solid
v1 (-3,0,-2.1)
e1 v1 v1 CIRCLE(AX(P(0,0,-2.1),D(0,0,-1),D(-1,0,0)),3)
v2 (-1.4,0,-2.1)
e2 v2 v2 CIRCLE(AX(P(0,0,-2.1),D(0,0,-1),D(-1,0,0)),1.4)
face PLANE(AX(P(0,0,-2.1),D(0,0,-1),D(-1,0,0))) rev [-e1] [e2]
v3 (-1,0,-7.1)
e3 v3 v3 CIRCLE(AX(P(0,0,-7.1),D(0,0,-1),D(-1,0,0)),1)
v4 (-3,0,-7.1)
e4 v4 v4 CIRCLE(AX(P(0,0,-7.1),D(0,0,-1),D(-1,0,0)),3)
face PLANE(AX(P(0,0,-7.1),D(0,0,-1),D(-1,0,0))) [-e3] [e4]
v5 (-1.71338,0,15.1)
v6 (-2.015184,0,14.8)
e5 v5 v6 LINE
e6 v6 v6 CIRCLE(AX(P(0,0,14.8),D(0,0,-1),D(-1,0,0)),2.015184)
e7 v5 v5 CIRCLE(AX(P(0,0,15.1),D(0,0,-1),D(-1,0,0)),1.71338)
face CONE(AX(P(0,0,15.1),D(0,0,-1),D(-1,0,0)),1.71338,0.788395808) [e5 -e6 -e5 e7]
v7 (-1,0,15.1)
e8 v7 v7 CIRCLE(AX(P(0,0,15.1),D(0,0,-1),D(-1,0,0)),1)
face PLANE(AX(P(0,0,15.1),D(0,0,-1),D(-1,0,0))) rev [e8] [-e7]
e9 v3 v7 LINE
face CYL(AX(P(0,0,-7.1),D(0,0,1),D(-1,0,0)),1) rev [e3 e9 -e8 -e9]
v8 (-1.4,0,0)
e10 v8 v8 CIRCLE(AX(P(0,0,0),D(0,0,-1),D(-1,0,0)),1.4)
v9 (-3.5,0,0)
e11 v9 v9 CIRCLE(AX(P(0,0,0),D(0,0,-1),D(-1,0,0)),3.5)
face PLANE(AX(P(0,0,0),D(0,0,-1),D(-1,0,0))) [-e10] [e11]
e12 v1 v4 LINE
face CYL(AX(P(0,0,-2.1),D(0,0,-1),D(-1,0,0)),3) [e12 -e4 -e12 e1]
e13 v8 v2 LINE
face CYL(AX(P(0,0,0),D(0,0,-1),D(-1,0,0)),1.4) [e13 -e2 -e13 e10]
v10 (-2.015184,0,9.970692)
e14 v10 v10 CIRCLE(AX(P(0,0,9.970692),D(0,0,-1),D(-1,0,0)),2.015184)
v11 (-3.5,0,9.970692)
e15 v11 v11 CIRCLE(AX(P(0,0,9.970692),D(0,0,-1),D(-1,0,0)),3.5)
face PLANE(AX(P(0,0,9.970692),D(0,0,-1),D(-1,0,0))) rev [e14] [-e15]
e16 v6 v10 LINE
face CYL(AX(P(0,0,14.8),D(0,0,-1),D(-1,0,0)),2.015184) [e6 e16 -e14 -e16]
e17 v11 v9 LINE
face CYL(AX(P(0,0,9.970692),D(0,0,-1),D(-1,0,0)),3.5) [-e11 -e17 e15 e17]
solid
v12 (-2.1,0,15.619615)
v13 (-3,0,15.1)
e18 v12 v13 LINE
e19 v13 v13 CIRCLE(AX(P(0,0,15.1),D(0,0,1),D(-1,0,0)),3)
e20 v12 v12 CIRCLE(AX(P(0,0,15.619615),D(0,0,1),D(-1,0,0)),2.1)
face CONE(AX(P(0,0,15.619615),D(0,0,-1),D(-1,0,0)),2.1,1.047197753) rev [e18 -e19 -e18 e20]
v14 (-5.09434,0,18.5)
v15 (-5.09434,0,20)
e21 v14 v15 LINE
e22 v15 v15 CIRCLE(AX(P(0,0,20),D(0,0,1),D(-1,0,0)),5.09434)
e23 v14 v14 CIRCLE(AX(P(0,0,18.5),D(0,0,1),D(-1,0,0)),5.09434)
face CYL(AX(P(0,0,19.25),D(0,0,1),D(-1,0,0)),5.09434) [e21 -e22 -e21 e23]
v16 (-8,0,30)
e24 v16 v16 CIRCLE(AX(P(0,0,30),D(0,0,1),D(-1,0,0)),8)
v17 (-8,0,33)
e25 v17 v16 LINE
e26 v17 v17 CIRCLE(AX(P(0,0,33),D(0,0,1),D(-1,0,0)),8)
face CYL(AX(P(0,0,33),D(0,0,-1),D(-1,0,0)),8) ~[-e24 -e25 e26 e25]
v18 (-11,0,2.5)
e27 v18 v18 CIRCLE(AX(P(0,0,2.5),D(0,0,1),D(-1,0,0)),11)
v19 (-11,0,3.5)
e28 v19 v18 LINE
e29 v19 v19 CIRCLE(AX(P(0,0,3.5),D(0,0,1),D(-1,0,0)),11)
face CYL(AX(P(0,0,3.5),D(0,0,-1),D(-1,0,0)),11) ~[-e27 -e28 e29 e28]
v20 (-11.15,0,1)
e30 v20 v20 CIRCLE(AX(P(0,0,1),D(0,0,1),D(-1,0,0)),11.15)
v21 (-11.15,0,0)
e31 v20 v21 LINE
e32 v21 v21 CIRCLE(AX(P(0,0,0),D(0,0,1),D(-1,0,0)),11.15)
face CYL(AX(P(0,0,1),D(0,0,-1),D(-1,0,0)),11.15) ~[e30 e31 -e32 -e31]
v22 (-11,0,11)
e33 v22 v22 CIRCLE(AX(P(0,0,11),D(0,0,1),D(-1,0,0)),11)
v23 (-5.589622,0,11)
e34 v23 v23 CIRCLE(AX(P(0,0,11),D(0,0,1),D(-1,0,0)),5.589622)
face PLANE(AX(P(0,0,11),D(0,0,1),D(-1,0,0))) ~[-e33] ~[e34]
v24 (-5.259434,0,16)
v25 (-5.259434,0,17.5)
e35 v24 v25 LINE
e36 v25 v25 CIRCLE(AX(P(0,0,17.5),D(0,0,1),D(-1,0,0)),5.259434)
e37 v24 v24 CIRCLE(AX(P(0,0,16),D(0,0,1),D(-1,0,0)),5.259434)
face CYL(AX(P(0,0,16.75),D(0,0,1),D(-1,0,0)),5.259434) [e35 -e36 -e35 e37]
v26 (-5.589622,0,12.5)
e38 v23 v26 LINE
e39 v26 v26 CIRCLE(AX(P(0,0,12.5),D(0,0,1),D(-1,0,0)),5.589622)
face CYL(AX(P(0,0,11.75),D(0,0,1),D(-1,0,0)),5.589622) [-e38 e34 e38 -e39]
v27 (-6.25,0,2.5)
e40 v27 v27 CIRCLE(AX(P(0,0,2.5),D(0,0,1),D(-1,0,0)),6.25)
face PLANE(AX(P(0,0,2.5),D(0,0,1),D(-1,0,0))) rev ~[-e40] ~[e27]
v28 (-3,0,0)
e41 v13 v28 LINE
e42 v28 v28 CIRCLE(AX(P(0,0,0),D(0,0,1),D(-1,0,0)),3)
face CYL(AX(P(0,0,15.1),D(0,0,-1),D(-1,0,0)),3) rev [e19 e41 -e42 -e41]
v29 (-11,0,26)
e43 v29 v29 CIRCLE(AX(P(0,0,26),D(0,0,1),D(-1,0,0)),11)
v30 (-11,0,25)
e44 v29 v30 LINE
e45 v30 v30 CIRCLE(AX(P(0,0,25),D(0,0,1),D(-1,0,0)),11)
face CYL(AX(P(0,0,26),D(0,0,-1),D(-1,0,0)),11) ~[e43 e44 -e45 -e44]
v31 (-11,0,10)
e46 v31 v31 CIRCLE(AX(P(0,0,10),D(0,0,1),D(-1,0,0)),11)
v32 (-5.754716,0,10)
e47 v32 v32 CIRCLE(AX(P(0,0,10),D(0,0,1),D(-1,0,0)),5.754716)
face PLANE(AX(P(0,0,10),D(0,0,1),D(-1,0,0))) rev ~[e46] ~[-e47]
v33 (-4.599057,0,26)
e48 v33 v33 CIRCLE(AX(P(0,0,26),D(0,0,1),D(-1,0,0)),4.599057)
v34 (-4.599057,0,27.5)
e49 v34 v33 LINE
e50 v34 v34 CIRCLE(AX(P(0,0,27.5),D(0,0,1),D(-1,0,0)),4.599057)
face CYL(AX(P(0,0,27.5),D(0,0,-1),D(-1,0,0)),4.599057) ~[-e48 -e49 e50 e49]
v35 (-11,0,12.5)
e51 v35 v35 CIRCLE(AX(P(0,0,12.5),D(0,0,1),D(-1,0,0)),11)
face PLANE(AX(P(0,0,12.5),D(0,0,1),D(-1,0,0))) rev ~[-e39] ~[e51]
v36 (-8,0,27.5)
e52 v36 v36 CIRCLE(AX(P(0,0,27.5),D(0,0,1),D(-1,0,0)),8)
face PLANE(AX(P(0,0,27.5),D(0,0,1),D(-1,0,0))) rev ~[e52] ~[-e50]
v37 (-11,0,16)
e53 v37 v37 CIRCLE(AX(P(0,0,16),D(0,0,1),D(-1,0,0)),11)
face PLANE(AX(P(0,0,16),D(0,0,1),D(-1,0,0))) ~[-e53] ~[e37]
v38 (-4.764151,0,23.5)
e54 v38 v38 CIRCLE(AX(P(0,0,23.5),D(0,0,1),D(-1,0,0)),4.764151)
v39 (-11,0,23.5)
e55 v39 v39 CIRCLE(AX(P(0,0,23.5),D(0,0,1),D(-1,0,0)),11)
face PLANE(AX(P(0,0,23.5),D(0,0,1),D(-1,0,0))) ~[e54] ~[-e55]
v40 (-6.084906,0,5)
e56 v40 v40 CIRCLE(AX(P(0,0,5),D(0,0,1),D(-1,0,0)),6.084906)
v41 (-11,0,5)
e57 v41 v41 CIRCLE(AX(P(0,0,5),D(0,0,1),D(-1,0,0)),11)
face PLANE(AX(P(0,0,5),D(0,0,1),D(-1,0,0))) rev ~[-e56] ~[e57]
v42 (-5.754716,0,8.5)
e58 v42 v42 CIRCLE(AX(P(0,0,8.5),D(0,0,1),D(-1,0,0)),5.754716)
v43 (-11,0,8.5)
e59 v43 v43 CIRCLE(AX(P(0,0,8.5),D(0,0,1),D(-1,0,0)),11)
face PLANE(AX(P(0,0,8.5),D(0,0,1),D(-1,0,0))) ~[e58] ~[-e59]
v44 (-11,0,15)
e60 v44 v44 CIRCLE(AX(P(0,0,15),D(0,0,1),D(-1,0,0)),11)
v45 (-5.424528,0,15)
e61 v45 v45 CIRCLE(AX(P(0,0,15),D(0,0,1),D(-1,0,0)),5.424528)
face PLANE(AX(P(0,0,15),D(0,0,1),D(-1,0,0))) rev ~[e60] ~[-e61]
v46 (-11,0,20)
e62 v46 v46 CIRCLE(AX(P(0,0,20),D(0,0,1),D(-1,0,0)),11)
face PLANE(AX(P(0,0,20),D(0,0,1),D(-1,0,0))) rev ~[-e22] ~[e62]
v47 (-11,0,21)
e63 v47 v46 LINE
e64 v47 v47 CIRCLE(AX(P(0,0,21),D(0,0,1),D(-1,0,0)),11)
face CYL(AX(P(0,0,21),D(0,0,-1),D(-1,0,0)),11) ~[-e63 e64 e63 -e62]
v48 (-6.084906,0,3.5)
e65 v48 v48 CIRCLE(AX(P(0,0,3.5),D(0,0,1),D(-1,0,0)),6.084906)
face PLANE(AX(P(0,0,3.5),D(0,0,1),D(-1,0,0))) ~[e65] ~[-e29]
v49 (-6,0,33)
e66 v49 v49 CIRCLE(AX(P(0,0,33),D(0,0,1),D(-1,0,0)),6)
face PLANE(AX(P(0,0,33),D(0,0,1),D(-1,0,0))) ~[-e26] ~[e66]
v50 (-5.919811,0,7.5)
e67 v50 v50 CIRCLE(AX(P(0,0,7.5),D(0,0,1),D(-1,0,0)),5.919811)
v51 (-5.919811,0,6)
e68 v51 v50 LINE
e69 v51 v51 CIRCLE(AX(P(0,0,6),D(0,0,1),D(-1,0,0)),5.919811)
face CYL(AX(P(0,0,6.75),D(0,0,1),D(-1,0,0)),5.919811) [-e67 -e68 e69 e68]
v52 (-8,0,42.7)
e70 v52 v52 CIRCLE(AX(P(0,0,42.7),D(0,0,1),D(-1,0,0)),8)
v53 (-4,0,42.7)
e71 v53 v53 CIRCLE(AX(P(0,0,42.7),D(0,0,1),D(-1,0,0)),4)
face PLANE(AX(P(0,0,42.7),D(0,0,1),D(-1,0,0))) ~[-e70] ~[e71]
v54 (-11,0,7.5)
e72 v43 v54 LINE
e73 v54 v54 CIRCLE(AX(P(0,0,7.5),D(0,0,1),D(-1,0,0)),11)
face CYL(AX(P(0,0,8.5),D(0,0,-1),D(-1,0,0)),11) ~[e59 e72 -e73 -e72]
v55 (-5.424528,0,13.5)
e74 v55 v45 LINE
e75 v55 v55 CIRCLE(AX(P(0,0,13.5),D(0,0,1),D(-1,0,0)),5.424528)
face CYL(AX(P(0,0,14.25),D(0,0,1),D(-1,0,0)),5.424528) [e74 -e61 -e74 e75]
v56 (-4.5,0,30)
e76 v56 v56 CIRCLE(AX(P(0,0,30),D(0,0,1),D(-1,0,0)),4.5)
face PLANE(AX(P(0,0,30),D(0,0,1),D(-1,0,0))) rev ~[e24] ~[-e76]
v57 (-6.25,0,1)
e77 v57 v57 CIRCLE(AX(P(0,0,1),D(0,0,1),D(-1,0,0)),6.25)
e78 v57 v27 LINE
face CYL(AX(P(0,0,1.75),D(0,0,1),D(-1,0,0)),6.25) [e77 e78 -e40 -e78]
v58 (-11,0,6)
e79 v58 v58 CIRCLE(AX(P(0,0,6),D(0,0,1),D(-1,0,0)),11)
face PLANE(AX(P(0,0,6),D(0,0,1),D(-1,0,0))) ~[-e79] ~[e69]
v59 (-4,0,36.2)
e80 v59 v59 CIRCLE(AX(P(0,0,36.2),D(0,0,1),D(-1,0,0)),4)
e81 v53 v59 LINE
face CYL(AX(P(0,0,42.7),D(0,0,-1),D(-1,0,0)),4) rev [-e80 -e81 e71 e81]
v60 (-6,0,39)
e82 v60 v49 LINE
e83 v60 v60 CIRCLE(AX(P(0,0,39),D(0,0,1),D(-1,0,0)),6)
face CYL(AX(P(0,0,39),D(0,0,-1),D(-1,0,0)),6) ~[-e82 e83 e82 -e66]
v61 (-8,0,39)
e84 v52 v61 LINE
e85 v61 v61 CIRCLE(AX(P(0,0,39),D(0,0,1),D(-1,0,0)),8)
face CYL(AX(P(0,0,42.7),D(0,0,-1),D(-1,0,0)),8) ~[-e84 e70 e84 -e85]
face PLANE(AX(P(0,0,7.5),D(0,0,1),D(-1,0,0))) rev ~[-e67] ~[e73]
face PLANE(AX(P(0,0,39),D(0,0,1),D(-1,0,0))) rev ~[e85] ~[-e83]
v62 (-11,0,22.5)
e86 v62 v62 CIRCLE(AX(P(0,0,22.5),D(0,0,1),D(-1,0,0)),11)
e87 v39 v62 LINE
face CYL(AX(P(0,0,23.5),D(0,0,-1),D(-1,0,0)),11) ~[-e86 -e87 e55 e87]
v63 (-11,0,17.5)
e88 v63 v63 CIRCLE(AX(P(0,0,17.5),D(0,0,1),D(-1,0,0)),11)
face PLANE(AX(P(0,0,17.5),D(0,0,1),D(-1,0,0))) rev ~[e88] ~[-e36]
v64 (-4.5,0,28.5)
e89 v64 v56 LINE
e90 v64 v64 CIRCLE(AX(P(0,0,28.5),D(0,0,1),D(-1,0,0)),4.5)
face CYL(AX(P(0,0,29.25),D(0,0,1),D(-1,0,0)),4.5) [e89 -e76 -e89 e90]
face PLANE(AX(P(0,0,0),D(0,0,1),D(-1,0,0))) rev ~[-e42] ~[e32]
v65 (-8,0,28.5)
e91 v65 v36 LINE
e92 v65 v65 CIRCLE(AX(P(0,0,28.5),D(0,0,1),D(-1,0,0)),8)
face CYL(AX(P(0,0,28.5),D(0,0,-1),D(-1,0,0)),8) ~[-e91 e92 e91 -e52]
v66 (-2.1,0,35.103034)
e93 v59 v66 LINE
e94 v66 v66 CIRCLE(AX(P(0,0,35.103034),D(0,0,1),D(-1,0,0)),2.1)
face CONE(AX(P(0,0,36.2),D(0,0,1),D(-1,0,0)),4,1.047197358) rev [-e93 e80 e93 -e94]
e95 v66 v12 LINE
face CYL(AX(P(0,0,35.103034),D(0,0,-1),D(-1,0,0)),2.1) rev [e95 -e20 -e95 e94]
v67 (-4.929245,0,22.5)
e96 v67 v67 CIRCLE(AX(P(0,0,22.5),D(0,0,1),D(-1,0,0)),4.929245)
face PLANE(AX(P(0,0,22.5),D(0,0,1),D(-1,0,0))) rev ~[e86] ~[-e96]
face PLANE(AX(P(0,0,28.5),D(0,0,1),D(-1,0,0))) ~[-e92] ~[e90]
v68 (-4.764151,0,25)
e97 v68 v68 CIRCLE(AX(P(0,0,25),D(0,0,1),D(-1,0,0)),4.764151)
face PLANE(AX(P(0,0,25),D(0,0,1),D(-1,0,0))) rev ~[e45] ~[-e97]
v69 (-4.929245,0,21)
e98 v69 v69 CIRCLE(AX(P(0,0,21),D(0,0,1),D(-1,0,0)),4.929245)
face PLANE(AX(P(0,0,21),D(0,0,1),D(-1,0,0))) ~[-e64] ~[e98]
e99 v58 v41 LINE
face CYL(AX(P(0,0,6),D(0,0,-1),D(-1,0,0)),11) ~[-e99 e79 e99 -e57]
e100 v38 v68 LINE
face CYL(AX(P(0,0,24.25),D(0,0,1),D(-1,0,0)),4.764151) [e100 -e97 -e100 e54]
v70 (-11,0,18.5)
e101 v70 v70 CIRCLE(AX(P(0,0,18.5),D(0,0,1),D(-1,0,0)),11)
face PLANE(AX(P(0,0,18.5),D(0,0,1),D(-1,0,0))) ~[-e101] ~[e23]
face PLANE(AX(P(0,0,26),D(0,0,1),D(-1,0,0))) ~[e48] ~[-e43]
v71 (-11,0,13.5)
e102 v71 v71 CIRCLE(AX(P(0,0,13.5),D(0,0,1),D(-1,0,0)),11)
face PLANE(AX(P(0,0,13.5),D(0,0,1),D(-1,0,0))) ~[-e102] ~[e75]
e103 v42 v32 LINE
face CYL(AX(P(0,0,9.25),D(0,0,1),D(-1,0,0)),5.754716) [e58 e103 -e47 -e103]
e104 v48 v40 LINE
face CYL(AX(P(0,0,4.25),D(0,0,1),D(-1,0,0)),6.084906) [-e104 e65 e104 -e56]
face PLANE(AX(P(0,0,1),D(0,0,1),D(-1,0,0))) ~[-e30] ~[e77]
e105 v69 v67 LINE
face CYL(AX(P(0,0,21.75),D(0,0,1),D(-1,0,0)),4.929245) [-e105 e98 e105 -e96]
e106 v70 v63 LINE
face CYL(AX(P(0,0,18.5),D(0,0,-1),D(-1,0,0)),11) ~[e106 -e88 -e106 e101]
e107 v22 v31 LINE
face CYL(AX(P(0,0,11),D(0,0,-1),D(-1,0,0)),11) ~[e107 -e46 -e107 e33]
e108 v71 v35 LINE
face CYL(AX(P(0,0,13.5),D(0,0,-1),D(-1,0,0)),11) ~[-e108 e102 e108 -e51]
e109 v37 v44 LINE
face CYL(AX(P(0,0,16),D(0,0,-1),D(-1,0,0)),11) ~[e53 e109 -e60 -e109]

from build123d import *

# Parameters (mm, degrees)
F0_W    = 6.25
F0_H    = 1.5
F0_W_2  = 6.084906
F0_W_3  = 5.919811
F0_W_4  = 5.754717
F0_W_5  = 5.589623
F0_W_6  = 5.424528
F0_W_7  = 5.259434
F0_W_8  = 5.09434
F0_W_9  = 4.929245
F0_W_10 = 4.764151
F0_W_11 = 4.5
F0_H_2  = 1


with BuildPart() as f1:
    # F0 (on Front) → F1 (revolve)
    with BuildSketch(Plane.XZ):
        Polygon((-11.15, 0), (0, 0), (0, 1), (-6.25, 1), (-11.15, 1), align=None)
        with Locations((-3.125, 1.75)):
            Rectangle(F0_W, F0_H)
        Polygon((-6.25, 2.5), (0, 2.5), (0, 3.5), (-6.084906, 3.5), (-11, 3.5), (-11, 2.5), align=None)
        with Locations((-3.042453, 4.25)):
            Rectangle(F0_W_2, F0_H)
        Polygon((-6.084906, 5), (0, 5), (0, 6), (-5.919811, 6), (-11, 6), (-11, 5), align=None)
        with Locations((-2.959906, 6.75)):
            Rectangle(F0_W_3, F0_H)
        Polygon((-5.919811, 7.5), (0, 7.5), (0, 8.5), (-5.754717, 8.5), (-11, 8.5), (-11, 7.5), align=None)
        with Locations((-2.877358, 9.25)):
            Rectangle(F0_W_4, F0_H)
        Polygon((-5.754717, 10), (0, 10), (0, 11), (-5.589623, 11), (-11, 11), (-11, 10), align=None)
        with Locations((-2.794811, 11.75)):
            Rectangle(F0_W_5, F0_H)
        Polygon((-5.589623, 12.5), (0, 12.5), (0, 13.5), (-5.424528, 13.5), (-11, 13.5), (-11, 12.5), align=None)
        with Locations((-2.712264, 14.25)):
            Rectangle(F0_W_6, F0_H)
        Polygon((-5.424528, 15), (0, 15), (0, 16), (-5.259434, 16), (-11, 16), (-11, 15), align=None)
        with Locations((-2.629717, 16.75)):
            Rectangle(F0_W_7, F0_H)
        Polygon((-5.259434, 17.5), (0, 17.5), (0, 18.5), (-5.09434, 18.5), (-11, 18.5), (-11, 17.5), align=None)
        with Locations((-2.54717, 19.25)):
            Rectangle(F0_W_8, F0_H)
        Polygon((-5.09434, 20), (0, 20), (0, 21), (-4.929245, 21), (-11, 21), (-11, 20), align=None)
        with Locations((-2.464622, 21.75)):
            Rectangle(F0_W_9, F0_H)
        Polygon((-4.929245, 22.5), (0, 22.5), (0, 23.5), (-4.764151, 23.5), (-11, 23.5), (-11, 22.5), align=None)
        with Locations((-2.382076, 24.25)):
            Rectangle(F0_W_10, F0_H)
        Polygon((-4.764151, 25), (0, 25), (0, 26), (-4.599057, 26), (-11, 26), (-11, 25), align=None)
        Polygon((-4.599057, 26), (0, 26), (0, 27.5), (-4.5, 27.5), (-4.599057, 27.5), align=None)
        with Locations((-2.25, 28)):
            Rectangle(F0_W_11, F0_H_2)
        Polygon((-8, 27.5), (-4.599057, 27.5), (-4.5, 27.5), (-4.5, 28.5), (-8, 28.5), align=None)
        with Locations((-2.25, 29.25)):
            Rectangle(F0_W_11, F0_H)
        Polygon((-4.5, 30), (0, 30), (0, 42.7), (-8, 42.7), (-8, 39), (-6, 39), (-6, 33), (-8, 33), (-8, 30), align=None)
    revolve(axis=Axis((0, 0, 21.35), (0, 0, 1)))


with BuildPart() as f3:
    # F2 (on Front) → F3 (revolve)
    with BuildSketch(Plane.XZ):
        Polygon((-3, 0), (-2.1, 0), (0, 0), (0, 42.7), (-2.1, 42.7), (-4, 42.7), (-4, 36.2), (-2.1, 35.103034), (-2.1, 15.619615), (-3, 15.1), align=None)
    revolve(axis=Axis((0, 0, 21.35), (0, 0, 1)))


with BuildPart() as f1_1:
    add(f1.part)

    # F4: cut F3
    add(f3.part, mode=Mode.SUBTRACT)


with BuildPart() as f6:
    # F5 (on Front) → F6 (revolve)
    with BuildSketch(Plane.XZ):
        Polygon((-3.5, 0), (-1.4, 0), (-1.4, -2.1), (-3, -2.1), (-3, -7.1), (-1, -7.1), (-1, 15.1), (-1.71338, 15.1), (-2.015184, 14.8), (-2.015184, 9.970692), (-3.5, 9.970692), align=None)
    revolve(axis=Axis((0, 0, -3.55), (0, 0, -1)))


solid = Compound([f1_1.part, f6.part])
